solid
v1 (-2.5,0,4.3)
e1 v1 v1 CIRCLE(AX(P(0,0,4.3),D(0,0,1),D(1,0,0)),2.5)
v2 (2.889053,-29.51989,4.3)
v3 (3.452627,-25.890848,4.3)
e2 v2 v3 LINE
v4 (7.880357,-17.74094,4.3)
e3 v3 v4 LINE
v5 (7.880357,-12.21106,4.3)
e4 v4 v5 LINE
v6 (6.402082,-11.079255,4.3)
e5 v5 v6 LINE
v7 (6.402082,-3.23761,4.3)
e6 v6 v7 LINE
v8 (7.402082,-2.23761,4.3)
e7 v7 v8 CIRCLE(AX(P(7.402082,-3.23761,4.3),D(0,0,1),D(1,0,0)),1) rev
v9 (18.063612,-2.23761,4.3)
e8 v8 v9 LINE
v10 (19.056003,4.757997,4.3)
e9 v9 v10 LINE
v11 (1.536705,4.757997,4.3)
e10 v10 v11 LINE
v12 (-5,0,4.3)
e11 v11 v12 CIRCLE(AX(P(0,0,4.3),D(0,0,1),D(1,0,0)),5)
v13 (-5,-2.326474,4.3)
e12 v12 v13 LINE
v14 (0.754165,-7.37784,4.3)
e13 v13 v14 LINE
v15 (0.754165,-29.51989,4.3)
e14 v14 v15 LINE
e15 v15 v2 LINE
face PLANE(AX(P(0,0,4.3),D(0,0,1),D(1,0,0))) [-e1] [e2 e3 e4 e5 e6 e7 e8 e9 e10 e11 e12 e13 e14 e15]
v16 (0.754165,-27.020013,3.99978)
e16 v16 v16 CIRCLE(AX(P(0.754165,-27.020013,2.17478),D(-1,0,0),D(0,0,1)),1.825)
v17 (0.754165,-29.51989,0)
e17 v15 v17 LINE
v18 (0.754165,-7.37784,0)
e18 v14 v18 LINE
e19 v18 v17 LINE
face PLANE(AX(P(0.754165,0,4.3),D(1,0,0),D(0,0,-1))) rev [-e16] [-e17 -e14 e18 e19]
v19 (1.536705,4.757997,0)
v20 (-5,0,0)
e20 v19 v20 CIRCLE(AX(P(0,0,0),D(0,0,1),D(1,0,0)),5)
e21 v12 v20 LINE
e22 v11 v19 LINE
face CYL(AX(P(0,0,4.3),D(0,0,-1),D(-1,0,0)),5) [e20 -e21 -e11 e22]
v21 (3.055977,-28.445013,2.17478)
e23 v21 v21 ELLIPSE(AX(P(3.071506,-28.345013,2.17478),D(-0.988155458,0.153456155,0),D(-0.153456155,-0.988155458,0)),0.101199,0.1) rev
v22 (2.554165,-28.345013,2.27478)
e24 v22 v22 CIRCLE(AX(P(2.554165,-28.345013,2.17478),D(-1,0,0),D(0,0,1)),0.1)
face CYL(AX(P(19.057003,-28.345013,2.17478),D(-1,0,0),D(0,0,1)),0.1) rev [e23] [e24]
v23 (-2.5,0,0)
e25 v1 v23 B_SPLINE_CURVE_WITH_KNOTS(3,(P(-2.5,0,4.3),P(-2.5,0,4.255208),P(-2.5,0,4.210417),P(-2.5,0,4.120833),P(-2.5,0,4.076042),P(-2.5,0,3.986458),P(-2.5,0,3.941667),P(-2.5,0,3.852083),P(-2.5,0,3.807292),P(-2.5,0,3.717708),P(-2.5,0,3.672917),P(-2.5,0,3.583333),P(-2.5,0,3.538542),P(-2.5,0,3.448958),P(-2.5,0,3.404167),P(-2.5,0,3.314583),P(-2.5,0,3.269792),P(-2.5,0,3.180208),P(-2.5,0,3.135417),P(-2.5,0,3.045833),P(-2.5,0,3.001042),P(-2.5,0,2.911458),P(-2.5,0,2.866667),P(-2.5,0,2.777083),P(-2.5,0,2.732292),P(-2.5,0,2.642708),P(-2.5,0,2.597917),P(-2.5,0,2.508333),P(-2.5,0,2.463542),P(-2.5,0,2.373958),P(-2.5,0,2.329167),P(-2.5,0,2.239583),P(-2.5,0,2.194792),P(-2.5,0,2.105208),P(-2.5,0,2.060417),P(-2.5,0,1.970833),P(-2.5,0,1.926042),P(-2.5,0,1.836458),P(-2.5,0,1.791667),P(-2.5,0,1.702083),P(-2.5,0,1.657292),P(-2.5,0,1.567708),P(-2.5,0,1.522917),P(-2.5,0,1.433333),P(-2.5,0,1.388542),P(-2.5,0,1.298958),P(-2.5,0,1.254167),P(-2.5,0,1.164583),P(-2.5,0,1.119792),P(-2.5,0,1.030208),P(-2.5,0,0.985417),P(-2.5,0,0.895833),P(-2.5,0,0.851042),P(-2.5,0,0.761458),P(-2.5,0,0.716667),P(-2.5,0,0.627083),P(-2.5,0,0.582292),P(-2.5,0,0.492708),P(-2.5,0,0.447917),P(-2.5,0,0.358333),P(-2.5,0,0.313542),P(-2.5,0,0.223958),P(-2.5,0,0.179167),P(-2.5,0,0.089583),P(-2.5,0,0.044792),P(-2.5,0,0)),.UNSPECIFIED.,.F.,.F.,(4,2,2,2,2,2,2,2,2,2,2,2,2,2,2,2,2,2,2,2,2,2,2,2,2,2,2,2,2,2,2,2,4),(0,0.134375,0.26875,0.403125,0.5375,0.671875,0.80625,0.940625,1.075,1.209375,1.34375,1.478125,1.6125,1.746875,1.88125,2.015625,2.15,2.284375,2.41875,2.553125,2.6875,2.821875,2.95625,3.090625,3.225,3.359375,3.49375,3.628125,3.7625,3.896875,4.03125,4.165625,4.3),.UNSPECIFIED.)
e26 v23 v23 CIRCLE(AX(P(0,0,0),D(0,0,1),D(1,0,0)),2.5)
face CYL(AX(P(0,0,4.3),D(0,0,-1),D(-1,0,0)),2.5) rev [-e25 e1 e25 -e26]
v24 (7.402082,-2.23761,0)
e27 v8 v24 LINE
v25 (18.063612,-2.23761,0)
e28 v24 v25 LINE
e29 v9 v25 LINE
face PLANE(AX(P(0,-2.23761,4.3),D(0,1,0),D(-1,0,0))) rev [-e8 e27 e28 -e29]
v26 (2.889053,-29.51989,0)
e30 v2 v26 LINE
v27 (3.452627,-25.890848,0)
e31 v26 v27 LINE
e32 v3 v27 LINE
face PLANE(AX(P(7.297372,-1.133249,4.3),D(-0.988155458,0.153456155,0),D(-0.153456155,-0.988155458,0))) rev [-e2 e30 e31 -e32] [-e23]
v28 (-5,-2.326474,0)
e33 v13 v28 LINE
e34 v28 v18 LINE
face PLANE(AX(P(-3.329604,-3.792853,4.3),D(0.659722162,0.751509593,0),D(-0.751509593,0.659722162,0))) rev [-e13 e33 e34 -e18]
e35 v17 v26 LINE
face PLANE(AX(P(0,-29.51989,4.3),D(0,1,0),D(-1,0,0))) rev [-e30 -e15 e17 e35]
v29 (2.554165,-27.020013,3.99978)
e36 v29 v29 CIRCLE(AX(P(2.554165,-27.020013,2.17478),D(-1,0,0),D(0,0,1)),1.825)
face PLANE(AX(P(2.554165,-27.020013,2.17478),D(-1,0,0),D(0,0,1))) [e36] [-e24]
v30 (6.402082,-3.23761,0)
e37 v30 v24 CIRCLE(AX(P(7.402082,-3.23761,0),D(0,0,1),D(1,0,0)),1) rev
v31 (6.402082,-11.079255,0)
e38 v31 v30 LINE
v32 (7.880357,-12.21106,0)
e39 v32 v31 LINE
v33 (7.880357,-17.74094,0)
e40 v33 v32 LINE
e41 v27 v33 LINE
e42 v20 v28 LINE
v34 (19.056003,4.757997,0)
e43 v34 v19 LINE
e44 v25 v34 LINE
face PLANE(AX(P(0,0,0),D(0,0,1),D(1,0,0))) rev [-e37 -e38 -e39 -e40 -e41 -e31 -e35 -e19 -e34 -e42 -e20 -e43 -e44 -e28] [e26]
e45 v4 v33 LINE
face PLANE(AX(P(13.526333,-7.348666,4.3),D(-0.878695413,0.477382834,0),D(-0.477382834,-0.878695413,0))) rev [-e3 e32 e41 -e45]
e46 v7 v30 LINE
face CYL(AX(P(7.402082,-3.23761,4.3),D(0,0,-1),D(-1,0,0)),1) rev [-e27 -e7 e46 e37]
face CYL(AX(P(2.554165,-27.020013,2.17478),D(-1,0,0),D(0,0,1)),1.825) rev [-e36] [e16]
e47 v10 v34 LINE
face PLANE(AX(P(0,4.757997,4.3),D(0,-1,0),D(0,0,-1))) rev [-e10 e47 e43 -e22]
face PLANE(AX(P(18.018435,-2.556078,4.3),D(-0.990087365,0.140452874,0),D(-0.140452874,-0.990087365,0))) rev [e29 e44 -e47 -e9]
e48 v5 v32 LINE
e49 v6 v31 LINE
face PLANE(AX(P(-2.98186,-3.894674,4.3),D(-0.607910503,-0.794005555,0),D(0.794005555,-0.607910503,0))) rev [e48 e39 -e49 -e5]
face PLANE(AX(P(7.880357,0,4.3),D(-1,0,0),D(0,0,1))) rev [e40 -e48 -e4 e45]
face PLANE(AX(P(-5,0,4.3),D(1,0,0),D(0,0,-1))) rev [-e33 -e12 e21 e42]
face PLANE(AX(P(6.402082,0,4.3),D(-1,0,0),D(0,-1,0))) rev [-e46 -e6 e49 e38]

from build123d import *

# Parameters (mm, degrees)
SKETCH_1_R          = 5
SKETCH_1_R_2        = 2.5
EXTRUDE_1_DEPTH     = 4.3
SKETCH_3_R          = 1.825
CUT_EXTRUDE_1_DEPTH = 1.8
CUT_EXTRUDE_2_REACH = 36.091
SKETCH_4_R          = 0.1


with BuildPart() as part:
    # 스케치1 → 보스-돌출1 (new body)
    # profile 1 of 2: a face of its own
    with BuildSketch(Plane.XY):
        with BuildLine():
            ThreePointArc((5, 0), (0, -5), (-5, 0))
            Line((-5, 0), (-5, -2.326474397))
            Line((-5, -2.326474397), (0.754164722, -7.377840375))
            Line((0.754164722, -7.377840375), (0.754164722, -29.519890116))
            Line((0.754164722, -29.519890116), (2.889052882, -29.519890116))
            Line((2.889052882, -29.519890116), (3.452626944, -25.890848407))
            Line((3.452626944, -25.890848407), (7.880357437, -17.740939791))
            Line((7.880357437, -17.740939791), (7.880357437, -12.211059606))
            Line((7.880357437, -12.211059606), (6.40208237, -11.079255258))
            Line((6.40208237, -11.079255258), (6.40208237, -3.237610212))
            ThreePointArc((6.40208237, -3.237610212), (6.694975589, -2.530503431), (7.40208237, -2.237610212))
            Line((7.40208237, -2.237610212), (18.063612226, -2.237610212))
            Line((18.063612226, -2.237610212), (19.056002599, 4.757997197))
            Line((19.056002599, 4.757997197), (1.536705134, 4.757997197))
            ThreePointArc((1.536705134, 4.757997197), (4.04249463, 2.942488261), (5, 0))
        make_face()
    # profile 2 of 2: a face of its own
    with BuildSketch(Plane.XY):
        Circle(SKETCH_1_R)
        with Locations(Location((0, 0, 0), (0, 0, 180))):
            Circle(SKETCH_1_R_2, mode=Mode.SUBTRACT)
    extrude(amount=EXTRUDE_1_DEPTH)

    # 스케치3 → 컷-돌출1 (cut)
    with BuildSketch(Plane.ZY.offset(-0.754164722)):
        with Locations((2.174780249, -27.020012931)):
            Circle(SKETCH_3_R)
    extrude(amount=-CUT_EXTRUDE_1_DEPTH, mode=Mode.SUBTRACT)

    # 컷-돌출2: up to this plane
    cut_extrude_2_end = Plane(origin=(7.297372122, -1.133249487, 4.3), z_dir=(-0.9881554576984991, 0.15345615471746255, 0))
    # 스케치4 → 컷-돌출2 (cut, up to the surface)
    with BuildSketch(Plane.ZY.offset(-2.554164722), mode=Mode.PRIVATE) as cut_extrude_2_sk1:
        with Locations((2.174780249, -28.345012931)):
            Circle(SKETCH_4_R)
    cut_extrude_2_tool1 = split(extrude(cut_extrude_2_sk1.sketch, amount=-CUT_EXTRUDE_2_REACH, mode=Mode.PRIVATE), bisect_by=cut_extrude_2_end, keep=Keep.BOTH, mode=Mode.PRIVATE)
    add(cut_extrude_2_tool1.solids().sort_by_distance((2.554165, -28.345013, 2.17478))[0], mode=Mode.SUBTRACT)


solid = part.part
